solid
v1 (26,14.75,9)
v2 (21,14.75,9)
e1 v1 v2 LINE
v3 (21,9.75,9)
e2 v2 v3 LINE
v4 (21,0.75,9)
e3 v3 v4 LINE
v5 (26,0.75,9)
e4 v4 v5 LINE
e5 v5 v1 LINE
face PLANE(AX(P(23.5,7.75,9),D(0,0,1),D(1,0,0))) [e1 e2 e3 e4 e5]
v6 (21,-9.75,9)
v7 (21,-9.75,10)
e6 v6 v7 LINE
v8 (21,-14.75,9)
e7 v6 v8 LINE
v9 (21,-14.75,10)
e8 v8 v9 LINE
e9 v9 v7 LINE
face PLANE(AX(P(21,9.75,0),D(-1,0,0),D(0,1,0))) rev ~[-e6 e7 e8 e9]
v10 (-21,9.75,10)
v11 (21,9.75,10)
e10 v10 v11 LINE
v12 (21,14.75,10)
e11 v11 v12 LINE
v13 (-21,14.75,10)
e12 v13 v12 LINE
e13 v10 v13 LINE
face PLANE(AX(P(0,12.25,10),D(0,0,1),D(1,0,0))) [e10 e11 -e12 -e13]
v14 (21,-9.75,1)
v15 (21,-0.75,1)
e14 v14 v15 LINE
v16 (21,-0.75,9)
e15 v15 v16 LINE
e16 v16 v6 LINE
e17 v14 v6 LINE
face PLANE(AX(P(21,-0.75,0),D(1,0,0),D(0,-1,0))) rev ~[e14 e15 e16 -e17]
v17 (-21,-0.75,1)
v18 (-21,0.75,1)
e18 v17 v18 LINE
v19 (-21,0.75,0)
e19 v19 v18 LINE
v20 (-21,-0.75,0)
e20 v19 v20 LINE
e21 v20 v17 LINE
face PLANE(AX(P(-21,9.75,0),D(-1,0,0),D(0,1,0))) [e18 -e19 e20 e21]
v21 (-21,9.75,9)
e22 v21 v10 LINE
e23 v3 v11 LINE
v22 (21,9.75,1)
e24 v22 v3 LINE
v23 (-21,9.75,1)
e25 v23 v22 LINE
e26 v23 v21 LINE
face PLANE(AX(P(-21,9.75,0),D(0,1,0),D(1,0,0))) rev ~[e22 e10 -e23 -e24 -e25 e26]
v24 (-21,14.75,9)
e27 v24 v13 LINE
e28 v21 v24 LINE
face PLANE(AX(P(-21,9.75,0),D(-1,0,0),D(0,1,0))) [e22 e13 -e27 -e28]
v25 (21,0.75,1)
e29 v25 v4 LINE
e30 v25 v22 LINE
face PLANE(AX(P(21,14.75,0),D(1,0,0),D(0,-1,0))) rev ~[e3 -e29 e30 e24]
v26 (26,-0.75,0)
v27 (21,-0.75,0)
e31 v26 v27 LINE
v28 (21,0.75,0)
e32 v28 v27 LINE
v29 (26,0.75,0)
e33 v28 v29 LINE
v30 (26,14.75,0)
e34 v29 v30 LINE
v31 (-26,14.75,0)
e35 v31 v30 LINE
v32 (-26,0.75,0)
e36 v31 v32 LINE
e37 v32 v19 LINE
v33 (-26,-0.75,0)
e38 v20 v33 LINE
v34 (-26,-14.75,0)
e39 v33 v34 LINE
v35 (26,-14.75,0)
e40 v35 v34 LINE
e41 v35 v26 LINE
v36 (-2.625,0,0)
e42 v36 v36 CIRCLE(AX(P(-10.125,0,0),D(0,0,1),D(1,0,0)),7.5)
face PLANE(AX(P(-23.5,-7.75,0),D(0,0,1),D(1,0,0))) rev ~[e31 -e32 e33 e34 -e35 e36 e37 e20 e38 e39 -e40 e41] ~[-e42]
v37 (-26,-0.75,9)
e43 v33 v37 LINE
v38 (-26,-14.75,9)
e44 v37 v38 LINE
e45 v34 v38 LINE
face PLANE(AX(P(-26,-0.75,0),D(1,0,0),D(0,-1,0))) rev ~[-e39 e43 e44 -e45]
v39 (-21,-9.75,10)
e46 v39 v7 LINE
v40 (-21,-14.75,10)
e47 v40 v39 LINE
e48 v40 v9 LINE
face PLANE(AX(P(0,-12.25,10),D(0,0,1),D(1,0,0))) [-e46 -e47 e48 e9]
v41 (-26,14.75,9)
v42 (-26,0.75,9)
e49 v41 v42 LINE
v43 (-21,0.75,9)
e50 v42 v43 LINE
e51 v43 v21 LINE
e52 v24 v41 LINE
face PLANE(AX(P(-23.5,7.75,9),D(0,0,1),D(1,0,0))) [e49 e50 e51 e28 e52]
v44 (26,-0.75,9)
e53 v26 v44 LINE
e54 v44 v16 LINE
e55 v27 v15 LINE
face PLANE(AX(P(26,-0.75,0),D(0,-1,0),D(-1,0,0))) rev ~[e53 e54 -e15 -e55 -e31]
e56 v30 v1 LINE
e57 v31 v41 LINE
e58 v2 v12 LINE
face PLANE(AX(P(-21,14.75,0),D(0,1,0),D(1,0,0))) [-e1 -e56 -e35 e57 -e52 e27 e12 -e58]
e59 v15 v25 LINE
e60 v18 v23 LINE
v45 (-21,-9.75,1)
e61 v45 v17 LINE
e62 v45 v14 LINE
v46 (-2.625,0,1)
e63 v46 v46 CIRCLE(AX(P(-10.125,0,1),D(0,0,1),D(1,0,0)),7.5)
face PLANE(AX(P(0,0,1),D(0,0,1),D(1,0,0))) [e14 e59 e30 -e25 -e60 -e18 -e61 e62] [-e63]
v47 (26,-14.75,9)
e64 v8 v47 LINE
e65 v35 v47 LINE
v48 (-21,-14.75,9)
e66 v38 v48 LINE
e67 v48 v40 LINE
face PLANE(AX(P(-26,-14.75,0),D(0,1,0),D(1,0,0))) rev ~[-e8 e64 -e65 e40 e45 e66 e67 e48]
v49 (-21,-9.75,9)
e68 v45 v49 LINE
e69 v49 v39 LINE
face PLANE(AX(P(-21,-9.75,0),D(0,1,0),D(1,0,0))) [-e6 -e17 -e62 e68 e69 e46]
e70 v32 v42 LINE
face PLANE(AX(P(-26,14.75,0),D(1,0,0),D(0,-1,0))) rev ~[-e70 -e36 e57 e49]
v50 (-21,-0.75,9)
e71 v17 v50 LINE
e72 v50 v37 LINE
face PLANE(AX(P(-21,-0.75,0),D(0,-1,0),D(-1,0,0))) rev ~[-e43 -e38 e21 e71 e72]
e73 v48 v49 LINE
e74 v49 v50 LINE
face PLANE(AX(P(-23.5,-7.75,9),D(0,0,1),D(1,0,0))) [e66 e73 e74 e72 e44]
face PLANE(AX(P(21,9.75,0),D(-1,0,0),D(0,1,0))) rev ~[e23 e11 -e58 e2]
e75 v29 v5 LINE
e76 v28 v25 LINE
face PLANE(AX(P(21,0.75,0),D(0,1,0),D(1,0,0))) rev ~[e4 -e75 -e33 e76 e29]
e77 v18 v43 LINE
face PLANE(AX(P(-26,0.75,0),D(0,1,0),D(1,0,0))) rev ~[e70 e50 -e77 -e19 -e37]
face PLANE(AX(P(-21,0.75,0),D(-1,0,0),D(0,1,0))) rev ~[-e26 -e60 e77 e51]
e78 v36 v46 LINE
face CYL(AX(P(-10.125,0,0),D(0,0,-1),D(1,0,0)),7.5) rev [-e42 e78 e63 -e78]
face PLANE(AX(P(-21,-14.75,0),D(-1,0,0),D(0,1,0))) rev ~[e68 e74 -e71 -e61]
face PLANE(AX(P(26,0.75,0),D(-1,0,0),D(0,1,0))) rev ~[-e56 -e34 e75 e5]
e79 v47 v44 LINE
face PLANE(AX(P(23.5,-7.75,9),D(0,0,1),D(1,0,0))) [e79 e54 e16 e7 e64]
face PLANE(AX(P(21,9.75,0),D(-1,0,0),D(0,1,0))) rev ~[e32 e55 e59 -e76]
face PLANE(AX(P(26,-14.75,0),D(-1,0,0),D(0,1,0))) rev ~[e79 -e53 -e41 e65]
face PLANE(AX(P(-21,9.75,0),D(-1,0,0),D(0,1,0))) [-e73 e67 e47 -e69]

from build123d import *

# Parameters (mm, degrees)
F0_W     = 42
F0_H     = 19.5
F0_R     = 7.5
F1_DEPTH = 1
F2_W     = 42
F2_H     = 5
F3_DEPTH = 10
F4_DEPTH = 9


with BuildPart() as f1:
    # F0 (on Top) → F1 (new body)
    with BuildSketch(Plane.XY):
        Rectangle(F0_W, F0_H)
        Polygon((0.75, 8.25), (0.75, 0), (0.75, -8.25), (-18.5, -8.25), (-18.5, 8.25), align=None, mode=Mode.SUBTRACT)
        Polygon((0.75, -8.25), (0.75, 0), (0.75, 8.25), (-18.5, 8.25), (-18.5, -8.25), align=None)
        with Locations((-10.125, 0)):
            Circle(F0_R, mode=Mode.SUBTRACT)
    extrude(amount=F1_DEPTH)

    # F2 (on Top) → F3 (join)
    with BuildSketch(Plane.XY):
        with Locations((0, 12.25)):
            Rectangle(F2_W, F2_H)
        with Locations((0, -12.25)):
            Rectangle(F2_W, F2_H)
    extrude(amount=F3_DEPTH)

    # F2 (on Top) → F4 (join)
    with BuildSketch(Plane.XY):
        Polygon((-21, -9.75), (-21, -0.75), (-26, -0.75), (-26, -14.75), (-21, -14.75), align=None)
        Polygon((26, 14.75), (21, 14.75), (21, 9.75), (21, 0.75), (26, 0.75), align=None)
        Polygon((26, -0.75), (21, -0.75), (21, -9.75), (21, -14.75), (26, -14.75), align=None)
        Polygon((-21, 9.75), (-21, 14.75), (-26, 14.75), (-26, 0.75), (-21, 0.75), align=None)
    extrude(amount=F4_DEPTH)


solid = f1.part
